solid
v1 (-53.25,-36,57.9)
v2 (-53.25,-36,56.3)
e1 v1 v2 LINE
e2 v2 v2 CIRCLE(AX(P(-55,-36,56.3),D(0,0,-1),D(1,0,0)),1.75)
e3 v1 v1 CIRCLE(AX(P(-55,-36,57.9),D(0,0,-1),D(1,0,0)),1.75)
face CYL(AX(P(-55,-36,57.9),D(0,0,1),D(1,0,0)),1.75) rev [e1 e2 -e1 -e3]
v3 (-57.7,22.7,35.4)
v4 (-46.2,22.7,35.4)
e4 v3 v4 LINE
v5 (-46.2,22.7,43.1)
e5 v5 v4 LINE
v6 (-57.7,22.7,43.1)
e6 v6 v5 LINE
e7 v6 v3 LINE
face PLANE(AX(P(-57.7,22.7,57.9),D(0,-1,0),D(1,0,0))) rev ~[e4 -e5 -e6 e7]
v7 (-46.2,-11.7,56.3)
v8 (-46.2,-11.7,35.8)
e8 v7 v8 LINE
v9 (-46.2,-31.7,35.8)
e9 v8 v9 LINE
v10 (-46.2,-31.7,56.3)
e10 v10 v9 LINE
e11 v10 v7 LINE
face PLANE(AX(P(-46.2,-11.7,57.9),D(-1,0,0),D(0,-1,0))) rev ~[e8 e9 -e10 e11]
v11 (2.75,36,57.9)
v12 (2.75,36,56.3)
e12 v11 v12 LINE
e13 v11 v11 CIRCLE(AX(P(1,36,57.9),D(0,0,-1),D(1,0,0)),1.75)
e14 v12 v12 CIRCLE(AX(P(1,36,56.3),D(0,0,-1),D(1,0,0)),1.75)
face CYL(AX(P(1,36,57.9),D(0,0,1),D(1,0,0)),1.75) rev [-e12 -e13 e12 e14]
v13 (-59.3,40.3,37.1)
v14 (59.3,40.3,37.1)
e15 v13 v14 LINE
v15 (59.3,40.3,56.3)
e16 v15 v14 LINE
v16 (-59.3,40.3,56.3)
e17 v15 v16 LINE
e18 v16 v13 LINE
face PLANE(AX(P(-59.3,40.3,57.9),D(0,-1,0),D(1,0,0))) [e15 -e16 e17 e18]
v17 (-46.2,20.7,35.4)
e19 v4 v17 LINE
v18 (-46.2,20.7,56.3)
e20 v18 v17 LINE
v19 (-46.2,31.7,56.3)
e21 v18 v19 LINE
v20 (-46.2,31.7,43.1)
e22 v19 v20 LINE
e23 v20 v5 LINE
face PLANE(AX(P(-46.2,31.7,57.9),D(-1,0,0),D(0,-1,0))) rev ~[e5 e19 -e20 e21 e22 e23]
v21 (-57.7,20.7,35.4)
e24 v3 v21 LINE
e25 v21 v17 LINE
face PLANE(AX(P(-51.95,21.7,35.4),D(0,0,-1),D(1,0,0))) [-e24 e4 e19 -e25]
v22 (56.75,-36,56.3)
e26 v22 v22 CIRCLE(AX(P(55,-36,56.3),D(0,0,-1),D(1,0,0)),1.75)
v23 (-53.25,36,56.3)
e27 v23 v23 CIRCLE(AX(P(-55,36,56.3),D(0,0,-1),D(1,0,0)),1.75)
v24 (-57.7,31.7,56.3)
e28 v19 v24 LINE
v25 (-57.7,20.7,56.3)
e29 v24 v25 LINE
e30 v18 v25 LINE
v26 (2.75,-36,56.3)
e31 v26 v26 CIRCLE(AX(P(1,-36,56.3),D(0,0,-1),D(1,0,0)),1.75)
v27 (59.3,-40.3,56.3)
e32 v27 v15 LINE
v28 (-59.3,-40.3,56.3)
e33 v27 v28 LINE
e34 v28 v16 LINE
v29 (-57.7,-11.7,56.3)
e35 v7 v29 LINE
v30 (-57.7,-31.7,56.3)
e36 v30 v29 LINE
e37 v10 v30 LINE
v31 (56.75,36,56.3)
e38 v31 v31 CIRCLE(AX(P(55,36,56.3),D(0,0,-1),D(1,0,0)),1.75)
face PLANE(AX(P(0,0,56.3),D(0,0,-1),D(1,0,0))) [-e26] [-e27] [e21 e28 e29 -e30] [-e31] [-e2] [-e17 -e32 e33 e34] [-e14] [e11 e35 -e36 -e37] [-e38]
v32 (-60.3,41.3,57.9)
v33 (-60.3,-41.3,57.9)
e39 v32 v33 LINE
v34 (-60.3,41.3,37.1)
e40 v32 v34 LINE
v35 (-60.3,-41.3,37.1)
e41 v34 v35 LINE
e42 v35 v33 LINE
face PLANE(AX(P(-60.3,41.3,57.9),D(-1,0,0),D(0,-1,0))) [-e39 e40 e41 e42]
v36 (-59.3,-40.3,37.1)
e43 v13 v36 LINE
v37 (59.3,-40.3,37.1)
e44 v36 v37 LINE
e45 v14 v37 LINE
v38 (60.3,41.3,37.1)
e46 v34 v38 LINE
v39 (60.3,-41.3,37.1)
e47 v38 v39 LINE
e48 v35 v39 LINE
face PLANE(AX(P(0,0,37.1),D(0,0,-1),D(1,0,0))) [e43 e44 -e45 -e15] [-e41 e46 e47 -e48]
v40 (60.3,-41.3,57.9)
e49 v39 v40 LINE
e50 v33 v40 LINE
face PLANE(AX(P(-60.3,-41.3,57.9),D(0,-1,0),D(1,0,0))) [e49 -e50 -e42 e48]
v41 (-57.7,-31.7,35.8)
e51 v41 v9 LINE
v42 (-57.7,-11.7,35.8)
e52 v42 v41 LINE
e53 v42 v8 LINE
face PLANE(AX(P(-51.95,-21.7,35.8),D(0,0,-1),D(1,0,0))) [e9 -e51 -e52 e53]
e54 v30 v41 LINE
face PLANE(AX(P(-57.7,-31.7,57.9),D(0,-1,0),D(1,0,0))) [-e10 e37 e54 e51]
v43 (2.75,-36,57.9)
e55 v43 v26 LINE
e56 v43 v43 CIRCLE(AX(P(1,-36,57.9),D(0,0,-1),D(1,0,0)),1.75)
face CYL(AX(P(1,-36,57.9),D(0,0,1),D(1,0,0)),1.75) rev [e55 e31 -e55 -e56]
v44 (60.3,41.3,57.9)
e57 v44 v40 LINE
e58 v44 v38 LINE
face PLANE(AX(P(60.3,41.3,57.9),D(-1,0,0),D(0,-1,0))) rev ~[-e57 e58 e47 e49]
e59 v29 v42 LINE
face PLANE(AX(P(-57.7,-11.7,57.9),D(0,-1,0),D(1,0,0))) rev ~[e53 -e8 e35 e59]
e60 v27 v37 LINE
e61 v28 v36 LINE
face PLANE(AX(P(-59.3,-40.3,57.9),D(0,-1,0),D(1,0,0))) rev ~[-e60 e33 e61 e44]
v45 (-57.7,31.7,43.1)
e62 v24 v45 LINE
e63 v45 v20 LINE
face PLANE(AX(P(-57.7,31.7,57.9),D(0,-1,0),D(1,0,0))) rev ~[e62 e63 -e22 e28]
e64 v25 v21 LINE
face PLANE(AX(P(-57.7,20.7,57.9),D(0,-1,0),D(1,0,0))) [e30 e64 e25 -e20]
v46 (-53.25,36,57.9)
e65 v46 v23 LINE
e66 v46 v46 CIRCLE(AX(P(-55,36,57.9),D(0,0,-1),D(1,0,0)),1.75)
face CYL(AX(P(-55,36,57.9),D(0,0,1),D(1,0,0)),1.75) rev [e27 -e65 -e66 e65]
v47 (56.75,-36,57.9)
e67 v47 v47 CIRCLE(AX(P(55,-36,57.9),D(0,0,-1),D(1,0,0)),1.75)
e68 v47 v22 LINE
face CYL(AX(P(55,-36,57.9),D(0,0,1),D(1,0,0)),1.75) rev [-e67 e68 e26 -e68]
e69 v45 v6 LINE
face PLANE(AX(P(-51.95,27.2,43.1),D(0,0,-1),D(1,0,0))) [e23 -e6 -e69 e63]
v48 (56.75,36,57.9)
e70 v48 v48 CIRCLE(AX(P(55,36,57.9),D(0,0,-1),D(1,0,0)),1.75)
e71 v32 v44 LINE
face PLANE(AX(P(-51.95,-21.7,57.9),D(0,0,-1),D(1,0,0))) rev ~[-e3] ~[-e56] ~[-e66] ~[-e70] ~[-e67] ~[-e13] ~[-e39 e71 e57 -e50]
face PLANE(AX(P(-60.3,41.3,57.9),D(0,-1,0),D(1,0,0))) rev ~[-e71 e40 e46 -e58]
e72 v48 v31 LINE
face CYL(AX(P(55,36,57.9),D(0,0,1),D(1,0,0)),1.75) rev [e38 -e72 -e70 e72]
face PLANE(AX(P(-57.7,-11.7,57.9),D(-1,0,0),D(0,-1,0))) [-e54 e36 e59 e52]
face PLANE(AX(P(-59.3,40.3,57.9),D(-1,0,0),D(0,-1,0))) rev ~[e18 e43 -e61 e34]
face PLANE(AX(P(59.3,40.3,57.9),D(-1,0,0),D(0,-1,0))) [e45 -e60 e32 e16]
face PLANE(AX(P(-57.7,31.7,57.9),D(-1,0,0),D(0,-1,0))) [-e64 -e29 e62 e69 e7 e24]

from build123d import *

# Parameters (mm, degrees)
SKETCH009_W             = 120.6
SKETCH009_H             = 82.6
PAD006_DEPTH            = 1.6
SKETCH010_W             = 120.6
SKETCH010_H             = 82.6
SKETCH010_W_2           = 118.6
SKETCH010_H_2           = 80.6
PAD007_DEPTH            = 20.8
SKETCH011_W             = 11.5
SKETCH011_H             = 9
PAD008_DEPTH            = 14.8
SKETCH012_W             = 11.5
SKETCH012_H             = 2
PAD009_DEPTH            = 22.5
SKETCH014_R             = 1.75
POCKET004_DEPTH         = 1.6
SKETCH020_W             = 11.5
SKETCH020_H             = 20
PAD013_DEPTH            = 22.1
BODY003_PLACEMENT_ANGLE = 180


with BuildPart() as part:
    # Sketch009 → Pad006 (new body)
    with BuildSketch(Plane.XY):
        Rectangle(SKETCH009_W, SKETCH009_H)
    extrude(amount=PAD006_DEPTH)

    # Sketch010 → Pad007 (join)
    with BuildSketch(Plane.XY):
        Rectangle(SKETCH010_W, SKETCH010_H)
        Rectangle(SKETCH010_W_2, SKETCH010_H_2, mode=Mode.SUBTRACT)
    extrude(amount=PAD007_DEPTH)

    # Sketch011 → Pad008 (join)
    with BuildSketch(Plane.XY):
        with Locations((-51.95, -27.2)):
            Rectangle(SKETCH011_W, SKETCH011_H)
    extrude(amount=PAD008_DEPTH)

    # Sketch012 → Pad009 (join)
    with BuildSketch(Plane.XY):
        with Locations((-51.95, -21.7)):
            Rectangle(SKETCH012_W, SKETCH012_H)
    extrude(amount=PAD009_DEPTH)

    # Sketch014 → Pocket004 (cut)
    with BuildSketch(Plane.XY):
        with Locations((-55, 36)):
            Circle(SKETCH014_R)
        with Locations((1, 36)):
            Circle(SKETCH014_R)
        with Locations((55, 36)):
            Circle(SKETCH014_R)
        with Locations((55, -36)):
            Circle(SKETCH014_R)
        with Locations((1, -36)):
            Circle(SKETCH014_R)
        with Locations((-55, -36)):
            Circle(SKETCH014_R)
    extrude(amount=POCKET004_DEPTH, mode=Mode.SUBTRACT)

    # Sketch020 → Pad013 (join)
    with BuildSketch(Plane.XY):
        with Locations((-51.95, 21.7)):
            Rectangle(SKETCH020_W, SKETCH020_H)
    extrude(amount=PAD013_DEPTH)


with BuildPart() as part_1:
    # Body003 placement: moved
    add(part.part.moved(Location((0, 0, 57.9))).rotate(Axis((0, 0, 57.9), (1, 0, 0)), BODY003_PLACEMENT_ANGLE))


solid = part_1.part
